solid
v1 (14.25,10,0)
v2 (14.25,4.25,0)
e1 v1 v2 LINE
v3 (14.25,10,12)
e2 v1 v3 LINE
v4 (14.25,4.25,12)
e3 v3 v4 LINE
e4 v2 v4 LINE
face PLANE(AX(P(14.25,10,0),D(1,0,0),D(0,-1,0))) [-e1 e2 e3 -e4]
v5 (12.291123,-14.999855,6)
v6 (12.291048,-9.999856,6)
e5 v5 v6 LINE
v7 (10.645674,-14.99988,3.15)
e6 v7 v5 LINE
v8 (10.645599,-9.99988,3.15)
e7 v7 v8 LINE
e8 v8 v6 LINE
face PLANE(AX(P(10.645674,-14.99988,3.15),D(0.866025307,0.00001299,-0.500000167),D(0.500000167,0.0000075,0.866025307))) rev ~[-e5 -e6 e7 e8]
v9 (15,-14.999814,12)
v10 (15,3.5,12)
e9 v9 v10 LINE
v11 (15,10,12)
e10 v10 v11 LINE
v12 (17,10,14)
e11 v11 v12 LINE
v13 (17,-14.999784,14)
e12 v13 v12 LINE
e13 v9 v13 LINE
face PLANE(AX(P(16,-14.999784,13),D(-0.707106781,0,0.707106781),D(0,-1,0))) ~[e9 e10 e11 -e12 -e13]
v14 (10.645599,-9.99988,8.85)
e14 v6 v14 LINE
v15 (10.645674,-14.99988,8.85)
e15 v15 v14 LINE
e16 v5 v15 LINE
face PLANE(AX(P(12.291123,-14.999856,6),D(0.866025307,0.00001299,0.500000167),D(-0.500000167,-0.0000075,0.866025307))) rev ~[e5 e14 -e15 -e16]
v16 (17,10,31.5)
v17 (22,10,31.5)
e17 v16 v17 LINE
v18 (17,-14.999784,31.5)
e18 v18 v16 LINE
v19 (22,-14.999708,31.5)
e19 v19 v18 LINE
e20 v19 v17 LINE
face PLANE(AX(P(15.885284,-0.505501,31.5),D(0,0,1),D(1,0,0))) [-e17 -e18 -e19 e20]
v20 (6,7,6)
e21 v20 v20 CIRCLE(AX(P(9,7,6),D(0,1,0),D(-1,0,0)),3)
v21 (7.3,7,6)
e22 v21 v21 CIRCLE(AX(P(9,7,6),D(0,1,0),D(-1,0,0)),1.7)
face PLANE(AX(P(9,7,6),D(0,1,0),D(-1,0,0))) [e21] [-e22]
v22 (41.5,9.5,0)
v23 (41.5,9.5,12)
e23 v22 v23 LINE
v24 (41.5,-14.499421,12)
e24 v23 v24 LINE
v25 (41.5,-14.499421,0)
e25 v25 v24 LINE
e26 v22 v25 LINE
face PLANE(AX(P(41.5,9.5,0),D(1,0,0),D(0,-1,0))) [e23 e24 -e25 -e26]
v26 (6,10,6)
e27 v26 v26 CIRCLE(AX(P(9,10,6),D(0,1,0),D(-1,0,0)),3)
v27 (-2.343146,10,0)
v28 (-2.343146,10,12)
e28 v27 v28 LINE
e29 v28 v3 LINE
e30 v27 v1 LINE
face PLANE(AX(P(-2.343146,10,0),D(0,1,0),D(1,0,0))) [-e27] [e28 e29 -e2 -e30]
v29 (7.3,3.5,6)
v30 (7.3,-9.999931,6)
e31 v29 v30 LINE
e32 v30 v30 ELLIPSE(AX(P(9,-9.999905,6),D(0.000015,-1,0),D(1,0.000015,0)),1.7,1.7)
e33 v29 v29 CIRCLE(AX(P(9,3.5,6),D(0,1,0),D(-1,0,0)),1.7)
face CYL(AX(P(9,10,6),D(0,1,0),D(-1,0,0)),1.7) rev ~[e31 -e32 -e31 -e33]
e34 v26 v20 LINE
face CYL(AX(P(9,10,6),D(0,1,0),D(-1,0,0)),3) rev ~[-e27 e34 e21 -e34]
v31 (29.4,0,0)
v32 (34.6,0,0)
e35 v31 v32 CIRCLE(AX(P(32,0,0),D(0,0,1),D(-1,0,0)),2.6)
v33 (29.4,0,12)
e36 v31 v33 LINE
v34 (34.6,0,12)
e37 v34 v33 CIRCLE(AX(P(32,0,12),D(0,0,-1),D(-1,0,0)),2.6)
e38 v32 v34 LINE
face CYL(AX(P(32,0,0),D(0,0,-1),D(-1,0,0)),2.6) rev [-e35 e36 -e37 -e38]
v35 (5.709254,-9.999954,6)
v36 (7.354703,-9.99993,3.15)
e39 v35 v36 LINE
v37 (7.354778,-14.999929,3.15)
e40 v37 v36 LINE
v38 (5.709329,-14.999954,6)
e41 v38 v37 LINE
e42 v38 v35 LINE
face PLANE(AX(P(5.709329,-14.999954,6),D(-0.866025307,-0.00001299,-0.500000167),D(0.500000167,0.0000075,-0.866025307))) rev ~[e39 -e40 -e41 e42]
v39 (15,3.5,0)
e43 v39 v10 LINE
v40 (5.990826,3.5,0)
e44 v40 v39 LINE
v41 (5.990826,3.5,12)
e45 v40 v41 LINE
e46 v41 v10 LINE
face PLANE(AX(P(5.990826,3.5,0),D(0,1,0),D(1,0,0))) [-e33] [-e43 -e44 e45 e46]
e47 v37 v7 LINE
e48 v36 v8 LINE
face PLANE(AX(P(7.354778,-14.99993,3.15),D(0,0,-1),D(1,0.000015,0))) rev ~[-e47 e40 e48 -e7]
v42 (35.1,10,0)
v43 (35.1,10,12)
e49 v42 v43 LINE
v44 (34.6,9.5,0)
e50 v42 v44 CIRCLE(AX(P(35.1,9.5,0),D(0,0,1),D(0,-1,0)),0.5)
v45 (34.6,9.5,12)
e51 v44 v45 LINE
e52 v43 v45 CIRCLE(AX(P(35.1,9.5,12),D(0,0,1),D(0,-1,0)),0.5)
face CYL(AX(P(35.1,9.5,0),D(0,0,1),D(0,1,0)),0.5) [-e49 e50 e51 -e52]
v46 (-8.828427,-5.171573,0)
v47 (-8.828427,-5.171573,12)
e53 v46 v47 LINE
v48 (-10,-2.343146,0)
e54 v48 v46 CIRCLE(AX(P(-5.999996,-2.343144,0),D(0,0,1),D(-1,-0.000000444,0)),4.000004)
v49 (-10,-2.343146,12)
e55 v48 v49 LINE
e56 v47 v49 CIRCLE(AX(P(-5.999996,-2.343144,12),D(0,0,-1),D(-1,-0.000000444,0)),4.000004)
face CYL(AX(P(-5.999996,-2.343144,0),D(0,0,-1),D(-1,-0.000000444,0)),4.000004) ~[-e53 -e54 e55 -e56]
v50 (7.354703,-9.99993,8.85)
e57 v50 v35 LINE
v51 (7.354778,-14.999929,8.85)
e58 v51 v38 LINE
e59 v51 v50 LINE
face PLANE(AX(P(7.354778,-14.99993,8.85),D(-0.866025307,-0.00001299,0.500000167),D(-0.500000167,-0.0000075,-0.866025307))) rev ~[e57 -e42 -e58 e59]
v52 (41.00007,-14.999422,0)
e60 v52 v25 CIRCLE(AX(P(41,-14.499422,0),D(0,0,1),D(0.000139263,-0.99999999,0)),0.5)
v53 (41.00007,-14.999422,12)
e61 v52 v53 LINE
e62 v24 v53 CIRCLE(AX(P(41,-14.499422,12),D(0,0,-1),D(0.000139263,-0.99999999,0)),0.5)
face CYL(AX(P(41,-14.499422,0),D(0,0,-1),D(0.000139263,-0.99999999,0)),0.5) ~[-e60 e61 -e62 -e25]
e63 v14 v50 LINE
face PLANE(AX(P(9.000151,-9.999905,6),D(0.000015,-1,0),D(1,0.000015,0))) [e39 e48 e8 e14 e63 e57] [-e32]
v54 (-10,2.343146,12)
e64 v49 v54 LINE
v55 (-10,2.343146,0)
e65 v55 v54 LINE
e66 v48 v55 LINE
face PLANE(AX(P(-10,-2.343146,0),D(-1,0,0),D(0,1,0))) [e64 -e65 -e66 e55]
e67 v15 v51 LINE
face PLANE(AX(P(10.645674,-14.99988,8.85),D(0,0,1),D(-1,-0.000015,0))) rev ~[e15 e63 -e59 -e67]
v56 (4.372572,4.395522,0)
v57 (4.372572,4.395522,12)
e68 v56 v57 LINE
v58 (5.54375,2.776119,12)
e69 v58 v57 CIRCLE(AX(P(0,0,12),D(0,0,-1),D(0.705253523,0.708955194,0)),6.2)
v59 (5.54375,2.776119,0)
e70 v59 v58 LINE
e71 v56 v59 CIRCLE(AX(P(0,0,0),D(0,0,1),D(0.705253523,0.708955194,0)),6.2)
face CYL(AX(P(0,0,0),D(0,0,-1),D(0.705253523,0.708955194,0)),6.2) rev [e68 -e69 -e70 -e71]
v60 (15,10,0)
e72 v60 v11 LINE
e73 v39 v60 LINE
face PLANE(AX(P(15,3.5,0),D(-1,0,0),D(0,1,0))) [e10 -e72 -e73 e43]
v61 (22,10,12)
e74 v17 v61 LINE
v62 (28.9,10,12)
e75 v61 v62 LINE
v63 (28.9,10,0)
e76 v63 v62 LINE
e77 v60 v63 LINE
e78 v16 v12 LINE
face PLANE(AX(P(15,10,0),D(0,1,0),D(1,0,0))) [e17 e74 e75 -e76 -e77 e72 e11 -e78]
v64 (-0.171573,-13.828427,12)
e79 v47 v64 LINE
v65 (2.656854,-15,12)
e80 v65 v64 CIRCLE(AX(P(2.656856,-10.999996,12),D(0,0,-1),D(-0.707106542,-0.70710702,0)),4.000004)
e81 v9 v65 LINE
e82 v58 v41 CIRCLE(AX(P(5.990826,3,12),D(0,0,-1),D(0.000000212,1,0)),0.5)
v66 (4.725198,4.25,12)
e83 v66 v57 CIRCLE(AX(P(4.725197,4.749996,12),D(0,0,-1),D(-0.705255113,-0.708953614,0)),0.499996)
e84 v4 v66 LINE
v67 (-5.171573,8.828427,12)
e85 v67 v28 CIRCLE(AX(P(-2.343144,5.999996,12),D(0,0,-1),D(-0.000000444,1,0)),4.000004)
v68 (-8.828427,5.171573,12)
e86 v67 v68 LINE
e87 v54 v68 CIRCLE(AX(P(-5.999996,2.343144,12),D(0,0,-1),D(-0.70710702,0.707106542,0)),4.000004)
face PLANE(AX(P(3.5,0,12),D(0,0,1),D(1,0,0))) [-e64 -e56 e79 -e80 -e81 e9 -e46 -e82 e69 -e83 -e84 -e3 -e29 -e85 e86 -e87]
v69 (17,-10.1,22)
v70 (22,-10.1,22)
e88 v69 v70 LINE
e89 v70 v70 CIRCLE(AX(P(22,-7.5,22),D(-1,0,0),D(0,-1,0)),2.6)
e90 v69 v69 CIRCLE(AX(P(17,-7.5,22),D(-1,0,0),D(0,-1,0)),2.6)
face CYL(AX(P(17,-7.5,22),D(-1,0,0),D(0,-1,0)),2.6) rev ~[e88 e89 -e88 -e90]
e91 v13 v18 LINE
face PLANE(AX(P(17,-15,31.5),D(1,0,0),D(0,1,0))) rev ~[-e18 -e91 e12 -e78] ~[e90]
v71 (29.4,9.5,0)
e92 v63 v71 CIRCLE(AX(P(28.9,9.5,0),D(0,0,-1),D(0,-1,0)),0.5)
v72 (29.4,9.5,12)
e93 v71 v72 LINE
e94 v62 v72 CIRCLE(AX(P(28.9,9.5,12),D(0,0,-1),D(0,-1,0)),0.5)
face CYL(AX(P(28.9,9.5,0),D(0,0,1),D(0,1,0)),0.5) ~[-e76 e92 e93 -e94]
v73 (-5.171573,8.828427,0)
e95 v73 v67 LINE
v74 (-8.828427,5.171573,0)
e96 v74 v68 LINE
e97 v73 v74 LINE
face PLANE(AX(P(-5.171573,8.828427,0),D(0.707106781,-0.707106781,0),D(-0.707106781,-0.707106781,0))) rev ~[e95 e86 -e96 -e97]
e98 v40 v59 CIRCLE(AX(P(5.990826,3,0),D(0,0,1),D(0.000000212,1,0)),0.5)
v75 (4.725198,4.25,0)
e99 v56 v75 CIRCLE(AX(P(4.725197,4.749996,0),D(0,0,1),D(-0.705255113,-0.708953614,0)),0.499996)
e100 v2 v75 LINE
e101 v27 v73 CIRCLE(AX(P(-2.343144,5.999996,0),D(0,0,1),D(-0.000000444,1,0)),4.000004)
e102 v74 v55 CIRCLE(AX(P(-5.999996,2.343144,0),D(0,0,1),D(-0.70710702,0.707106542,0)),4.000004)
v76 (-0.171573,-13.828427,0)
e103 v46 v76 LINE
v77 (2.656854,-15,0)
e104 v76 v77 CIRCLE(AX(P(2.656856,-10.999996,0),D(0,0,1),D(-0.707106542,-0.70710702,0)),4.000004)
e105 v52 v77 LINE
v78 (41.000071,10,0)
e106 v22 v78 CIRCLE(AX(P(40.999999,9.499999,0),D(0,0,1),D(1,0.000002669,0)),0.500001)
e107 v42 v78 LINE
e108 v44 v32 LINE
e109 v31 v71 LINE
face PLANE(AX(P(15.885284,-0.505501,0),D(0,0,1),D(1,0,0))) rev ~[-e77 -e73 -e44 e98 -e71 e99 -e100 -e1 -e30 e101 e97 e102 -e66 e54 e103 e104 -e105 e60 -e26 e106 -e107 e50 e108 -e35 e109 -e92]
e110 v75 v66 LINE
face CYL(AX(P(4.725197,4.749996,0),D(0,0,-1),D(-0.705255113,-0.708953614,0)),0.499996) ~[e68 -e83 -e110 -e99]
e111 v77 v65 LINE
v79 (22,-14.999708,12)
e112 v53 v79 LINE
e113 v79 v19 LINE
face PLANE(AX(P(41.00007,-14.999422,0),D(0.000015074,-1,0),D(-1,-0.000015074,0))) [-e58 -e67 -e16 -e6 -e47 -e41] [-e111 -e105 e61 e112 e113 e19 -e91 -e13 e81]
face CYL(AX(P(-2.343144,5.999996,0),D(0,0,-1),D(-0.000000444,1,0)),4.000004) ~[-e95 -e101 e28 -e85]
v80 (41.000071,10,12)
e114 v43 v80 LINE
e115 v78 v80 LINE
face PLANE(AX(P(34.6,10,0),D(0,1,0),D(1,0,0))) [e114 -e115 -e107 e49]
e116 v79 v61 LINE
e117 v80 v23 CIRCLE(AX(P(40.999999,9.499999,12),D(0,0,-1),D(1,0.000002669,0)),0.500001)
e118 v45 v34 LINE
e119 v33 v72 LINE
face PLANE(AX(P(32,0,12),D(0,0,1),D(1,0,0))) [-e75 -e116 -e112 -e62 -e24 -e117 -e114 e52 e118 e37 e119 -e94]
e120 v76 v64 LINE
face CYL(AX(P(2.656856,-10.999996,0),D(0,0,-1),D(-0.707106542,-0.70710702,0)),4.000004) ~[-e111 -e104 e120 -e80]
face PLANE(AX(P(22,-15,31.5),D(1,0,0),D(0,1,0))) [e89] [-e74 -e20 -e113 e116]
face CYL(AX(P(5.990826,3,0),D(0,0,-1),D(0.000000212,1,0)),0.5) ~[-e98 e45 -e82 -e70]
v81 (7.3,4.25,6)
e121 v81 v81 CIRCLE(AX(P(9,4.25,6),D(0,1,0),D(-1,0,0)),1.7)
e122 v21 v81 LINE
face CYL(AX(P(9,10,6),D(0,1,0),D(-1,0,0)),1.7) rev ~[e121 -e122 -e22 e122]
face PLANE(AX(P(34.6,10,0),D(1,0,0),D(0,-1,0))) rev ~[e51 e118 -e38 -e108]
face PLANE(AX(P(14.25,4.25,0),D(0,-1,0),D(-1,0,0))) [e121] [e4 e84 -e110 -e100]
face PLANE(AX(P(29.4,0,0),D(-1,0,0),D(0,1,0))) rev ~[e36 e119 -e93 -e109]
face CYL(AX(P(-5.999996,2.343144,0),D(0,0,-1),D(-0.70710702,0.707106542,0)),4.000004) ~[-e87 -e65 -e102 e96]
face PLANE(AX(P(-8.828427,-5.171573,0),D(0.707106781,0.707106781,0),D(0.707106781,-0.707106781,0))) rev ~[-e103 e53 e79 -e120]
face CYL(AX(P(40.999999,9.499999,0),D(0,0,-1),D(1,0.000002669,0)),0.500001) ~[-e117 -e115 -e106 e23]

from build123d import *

# Parameters (mm, degrees)
PAD_DEPTH       = 31.5
SKETCH001_W     = 20
SKETCH001_H     = 30
SKETCH001_W_2   = 27
POCKET_DEPTH    = 19.5
SKETCH002_R     = 2.6
POCKET001_DEPTH = 24.501
SKETCH003_R     = 1.7
POCKET002_DEPTH = 25.001
SKETCH004_R     = 3
POCKET003_DEPTH = 3
POCKET004_DEPTH = 5
CHAMFER_SIZE    = 2
FILLET_R        = 0.5


with BuildPart() as part:
    # Sketch → Pad (new body)
    with BuildSketch(Plane.XY):
        with BuildLine():
            ThreePointArc((-0.171573, -13.828427), (1.126121, -14.695518), (2.656854, -15))
            Line((41.00007, -14.999422), (2.656854, -15))
            ThreePointArc((41.00007, -14.999422), (41.353579, -14.85295), (41.5, -14.499421))
            Line((41.5, 9.5), (41.5, -14.499421))
            ThreePointArc((41.5, 9.5), (41.353578, 9.853528), (41.000071, 10))
            Line((34.6, 10), (41.000071, 10))
            Line((34.6, 10), (34.6, 0))
            ThreePointArc((29.4, 0), (32, -2.6), (34.6, 0))
            Line((29.4, 0), (29.4, 10))
            Line((15, 10), (29.4, 10))
            Line((15, 3.5), (15, 10))
            Line((5.990826, 3.5), (15, 3.5))
            ThreePointArc((5.990826, 3.5), (5.56542, 3.262735), (5.54375, 2.776119))
            ThreePointArc((4.372572, 4.395522), (-5.023841, -3.633322), (5.54375, 2.776119))
            ThreePointArc((4.372572, 4.395522), (4.534461, 4.28781), (4.725198, 4.25))
            Line((14.25, 4.25), (4.725198, 4.25))
            Line((14.25, 10), (14.25, 4.25))
            Line((-2.343146, 10), (14.25, 10))
            ThreePointArc((-2.343146, 10), (-3.873879, 9.695518), (-5.171573, 8.828427))
            Line((-5.171573, 8.828427), (-8.828427, 5.171573))
            ThreePointArc((-8.828427, 5.171573), (-9.695518, 3.873879), (-10, 2.343146))
            Line((-10, -2.343146), (-10, 2.343146))
            ThreePointArc((-10, -2.343146), (-9.695518, -3.873879), (-8.828427, -5.171573))
            Line((-8.828427, -5.171573), (-0.171573, -13.828427))
        make_face()
    extrude(amount=PAD_DEPTH)

    # Sketch001 (on Face26 of Pad) → Pocket (cut)
    with BuildSketch(Plane.XY.offset(31.5)):
        with Locations((32, 0)):
            Rectangle(SKETCH001_W, SKETCH001_H)
        with Locations((3.5, 0)):
            Rectangle(SKETCH001_W_2, SKETCH001_H)
    extrude(amount=-POCKET_DEPTH, mode=Mode.SUBTRACT)

    # Sketch002 (on Face29 of Pocket) → Pocket001 (cut, through all)
    with BuildSketch(Plane(origin=(17, 0, 0), x_dir=(0, -1, 0), z_dir=(-1, 0, 0))):
        with Locations((7.5, 22)):
            Circle(SKETCH002_R)
    extrude(amount=-POCKET001_DEPTH, mode=Mode.SUBTRACT)

    # Sketch003 (on Face13 of Pocket001) → Pocket002 (cut, through all)
    with BuildSketch(Plane(origin=(0, 10, 0), x_dir=(-1, 0, 0), z_dir=(0, 1, 0))):
        with Locations((-9, 6)):
            Circle(SKETCH003_R)
    extrude(amount=-POCKET002_DEPTH, mode=Mode.SUBTRACT)

    # Sketch004 (on Face13 of Pocket002) → Pocket003 (cut)
    with BuildSketch(Plane(origin=(0, 10, 0), x_dir=(-1, 0, 0), z_dir=(0, 1, 0))):
        with Locations((-9, 6)):
            Circle(SKETCH004_R)
    extrude(amount=-POCKET003_DEPTH, mode=Mode.SUBTRACT)

    # Sketch005 (on Face21 of Pocket003) → Pocket004 (cut)
    with BuildSketch(Plane(origin=(0.000226, -15.00004, 0), x_dir=(1, 1.5e-05, 0), z_dir=(1.5e-05, -1, 0))):
        Polygon((10.645448, 3.15), (12.290897, 6), (10.645448, 8.85), (7.354552, 8.85), (5.709103, 6), (7.354552, 3.15), align=None)
    extrude(amount=-POCKET004_DEPTH, mode=Mode.SUBTRACT)

    # Chamfer
    chamfer_edges = [part.edges().sort_by_distance(p)[0] for p in [
        (17, -2.499892, 12),
    ]]
    chamfer(chamfer_edges, length=CHAMFER_SIZE)

    # Fillet
    fillet_edges = [part.edges().sort_by_distance(p)[0] for p in [
        (34.6, 10, 6),
        (29.4, 10, 6),
    ]]
    fillet(fillet_edges, radius=FILLET_R)


solid = part.part
